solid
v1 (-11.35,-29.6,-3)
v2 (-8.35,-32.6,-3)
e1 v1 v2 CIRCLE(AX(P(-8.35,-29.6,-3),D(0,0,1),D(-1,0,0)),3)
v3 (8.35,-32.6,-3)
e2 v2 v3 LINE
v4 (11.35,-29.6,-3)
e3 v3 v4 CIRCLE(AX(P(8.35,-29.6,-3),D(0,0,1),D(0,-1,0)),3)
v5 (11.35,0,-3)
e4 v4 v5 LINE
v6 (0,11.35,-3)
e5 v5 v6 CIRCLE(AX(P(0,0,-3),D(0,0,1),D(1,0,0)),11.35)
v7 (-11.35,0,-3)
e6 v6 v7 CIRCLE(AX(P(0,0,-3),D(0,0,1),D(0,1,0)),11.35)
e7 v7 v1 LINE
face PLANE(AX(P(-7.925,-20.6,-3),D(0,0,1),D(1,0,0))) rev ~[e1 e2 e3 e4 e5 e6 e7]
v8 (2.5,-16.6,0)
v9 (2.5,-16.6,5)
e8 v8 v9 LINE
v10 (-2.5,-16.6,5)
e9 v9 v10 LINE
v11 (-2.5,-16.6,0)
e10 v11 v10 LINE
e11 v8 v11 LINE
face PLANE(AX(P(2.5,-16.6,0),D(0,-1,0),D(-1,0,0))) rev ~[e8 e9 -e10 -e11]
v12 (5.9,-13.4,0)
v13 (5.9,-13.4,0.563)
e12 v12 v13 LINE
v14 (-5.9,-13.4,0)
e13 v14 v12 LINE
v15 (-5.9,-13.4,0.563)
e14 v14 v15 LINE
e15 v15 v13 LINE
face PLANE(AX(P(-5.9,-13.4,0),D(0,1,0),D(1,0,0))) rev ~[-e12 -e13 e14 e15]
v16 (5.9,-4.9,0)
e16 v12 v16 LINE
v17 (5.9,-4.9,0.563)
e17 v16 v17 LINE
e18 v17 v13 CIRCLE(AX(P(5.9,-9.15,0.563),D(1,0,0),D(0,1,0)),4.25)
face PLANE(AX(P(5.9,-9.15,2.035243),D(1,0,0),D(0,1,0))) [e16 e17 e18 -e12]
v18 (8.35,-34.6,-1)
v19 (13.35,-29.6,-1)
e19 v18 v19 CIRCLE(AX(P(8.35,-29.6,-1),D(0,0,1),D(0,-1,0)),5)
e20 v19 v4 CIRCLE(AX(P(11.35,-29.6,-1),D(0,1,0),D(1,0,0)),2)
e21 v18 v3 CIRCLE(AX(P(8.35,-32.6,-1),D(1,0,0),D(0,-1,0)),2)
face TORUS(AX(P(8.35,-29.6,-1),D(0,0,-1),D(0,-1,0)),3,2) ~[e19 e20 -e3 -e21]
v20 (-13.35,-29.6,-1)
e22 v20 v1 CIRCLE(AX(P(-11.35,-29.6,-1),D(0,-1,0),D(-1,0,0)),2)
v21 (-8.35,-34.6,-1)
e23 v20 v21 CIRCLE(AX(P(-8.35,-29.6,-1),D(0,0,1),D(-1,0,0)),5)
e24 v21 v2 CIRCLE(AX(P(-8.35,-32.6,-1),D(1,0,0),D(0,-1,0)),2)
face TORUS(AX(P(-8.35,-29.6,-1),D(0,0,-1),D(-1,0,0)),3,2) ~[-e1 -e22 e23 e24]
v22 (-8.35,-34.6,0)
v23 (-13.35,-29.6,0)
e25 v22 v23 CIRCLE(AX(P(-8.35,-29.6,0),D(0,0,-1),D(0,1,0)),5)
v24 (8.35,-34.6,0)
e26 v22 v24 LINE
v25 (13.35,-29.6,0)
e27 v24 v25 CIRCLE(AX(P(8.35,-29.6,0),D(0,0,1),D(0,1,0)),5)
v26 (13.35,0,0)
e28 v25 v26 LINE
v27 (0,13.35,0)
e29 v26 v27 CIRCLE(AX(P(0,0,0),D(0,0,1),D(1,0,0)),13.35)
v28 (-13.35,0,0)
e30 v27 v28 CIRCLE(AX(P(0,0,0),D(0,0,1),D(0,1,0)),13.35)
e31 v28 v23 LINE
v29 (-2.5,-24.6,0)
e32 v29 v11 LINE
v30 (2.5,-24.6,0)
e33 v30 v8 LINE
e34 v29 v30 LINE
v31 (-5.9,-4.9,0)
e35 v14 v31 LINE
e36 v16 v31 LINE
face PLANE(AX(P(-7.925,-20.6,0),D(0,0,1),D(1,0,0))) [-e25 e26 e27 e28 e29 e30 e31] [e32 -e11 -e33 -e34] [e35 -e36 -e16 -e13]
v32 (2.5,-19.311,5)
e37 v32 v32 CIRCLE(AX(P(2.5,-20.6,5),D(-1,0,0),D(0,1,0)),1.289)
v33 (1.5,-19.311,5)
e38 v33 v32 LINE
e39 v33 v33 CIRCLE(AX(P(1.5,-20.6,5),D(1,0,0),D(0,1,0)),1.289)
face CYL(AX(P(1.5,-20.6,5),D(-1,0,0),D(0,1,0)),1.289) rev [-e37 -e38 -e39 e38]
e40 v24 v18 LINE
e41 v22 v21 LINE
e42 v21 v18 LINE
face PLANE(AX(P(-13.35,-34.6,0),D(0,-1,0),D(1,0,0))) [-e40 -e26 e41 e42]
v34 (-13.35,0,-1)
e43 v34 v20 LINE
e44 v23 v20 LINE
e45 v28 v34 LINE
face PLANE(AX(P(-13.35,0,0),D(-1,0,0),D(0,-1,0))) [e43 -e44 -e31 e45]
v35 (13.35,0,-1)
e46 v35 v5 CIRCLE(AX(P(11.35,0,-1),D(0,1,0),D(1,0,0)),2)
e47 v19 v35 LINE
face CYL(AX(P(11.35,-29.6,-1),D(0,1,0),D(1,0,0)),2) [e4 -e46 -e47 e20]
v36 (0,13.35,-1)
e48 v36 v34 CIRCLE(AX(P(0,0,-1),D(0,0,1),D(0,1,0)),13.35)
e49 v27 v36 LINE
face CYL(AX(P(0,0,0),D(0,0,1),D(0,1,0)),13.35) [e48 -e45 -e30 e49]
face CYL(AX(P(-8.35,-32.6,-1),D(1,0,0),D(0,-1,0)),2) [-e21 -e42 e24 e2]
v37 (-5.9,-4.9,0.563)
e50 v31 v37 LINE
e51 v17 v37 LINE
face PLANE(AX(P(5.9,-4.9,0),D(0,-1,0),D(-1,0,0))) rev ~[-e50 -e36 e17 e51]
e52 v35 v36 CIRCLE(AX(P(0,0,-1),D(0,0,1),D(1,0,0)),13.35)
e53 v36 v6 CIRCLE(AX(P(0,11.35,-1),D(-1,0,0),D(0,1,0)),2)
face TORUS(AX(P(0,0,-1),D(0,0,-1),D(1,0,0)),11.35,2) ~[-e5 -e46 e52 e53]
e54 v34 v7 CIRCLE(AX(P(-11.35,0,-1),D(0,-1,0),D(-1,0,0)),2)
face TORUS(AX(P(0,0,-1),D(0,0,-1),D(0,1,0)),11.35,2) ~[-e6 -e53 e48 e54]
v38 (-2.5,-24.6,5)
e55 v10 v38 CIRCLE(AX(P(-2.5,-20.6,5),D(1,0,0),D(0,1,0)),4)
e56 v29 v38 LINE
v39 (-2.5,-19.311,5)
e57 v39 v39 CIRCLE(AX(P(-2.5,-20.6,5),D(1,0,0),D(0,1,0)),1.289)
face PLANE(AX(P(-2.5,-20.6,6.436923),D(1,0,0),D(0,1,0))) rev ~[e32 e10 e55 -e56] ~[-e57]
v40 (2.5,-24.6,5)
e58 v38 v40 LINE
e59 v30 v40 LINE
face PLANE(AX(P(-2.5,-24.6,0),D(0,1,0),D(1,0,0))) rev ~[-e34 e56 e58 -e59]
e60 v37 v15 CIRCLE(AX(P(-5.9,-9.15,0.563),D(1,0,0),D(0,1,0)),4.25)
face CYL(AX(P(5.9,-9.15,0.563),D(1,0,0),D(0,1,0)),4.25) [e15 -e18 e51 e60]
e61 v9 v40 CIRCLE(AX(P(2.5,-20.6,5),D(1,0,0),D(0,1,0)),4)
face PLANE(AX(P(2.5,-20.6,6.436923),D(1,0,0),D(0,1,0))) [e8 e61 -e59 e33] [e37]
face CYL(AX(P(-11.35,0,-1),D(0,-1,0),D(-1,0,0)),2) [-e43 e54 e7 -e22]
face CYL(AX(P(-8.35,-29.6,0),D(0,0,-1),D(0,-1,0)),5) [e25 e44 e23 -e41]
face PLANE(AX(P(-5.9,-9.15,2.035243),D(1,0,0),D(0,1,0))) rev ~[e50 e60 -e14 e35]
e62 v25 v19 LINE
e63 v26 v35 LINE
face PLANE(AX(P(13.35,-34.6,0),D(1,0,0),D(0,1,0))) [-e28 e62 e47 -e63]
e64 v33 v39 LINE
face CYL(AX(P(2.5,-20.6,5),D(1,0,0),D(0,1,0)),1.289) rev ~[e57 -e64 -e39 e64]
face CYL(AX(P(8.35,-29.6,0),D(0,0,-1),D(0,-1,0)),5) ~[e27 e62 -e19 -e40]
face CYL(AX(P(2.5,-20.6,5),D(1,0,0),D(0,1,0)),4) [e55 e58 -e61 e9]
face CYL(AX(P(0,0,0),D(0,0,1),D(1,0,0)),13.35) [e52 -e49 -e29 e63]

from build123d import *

# Parameters (mm, degrees)
F0_W      = 10.85
F0_H      = 10
F0_W_2    = 2.5
F0_H_2    = 8
F0_W_3    = 7.45
F0_H_3    = 3.2
F0_H_4    = 8.5
F0_W_4    = 5.9
F1_DEPTH  = 3
F2_DEPTH  = 0.563
F3_DEPTH  = 5
F6_DEPTH  = 11.8
F7_DEPTH  = 5
F8_DEPTH  = 25
F9_R      = 2.056128731
F10_DEPTH = 1
F11_R     = 5
F12_R     = 5
F13_R     = 2
F14_DEPTH = 25


with BuildPart() as f1:
    # F0 (on Top) → F1 (new body)
    with BuildSketch(Plane.XY):
        Polygon((-5.9, -16.6), (-13.35, -16.6), (-13.35, -24.6), (-2.5, -24.6), (-2.5, -16.6), align=None)
        with Locations((-7.925, -29.6)):
            Rectangle(F0_W, F0_H)
        with Locations((1.25, -29.6)):
            Rectangle(F0_W_2, F0_H)
        with Locations((-1.25, -29.6)):
            Rectangle(F0_W_2, F0_H)
        with Locations((-1.25, -20.6)):
            Rectangle(F0_W_2, F0_H_2)
        with Locations((1.25, -20.6)):
            Rectangle(F0_W_2, F0_H_2)
        Polygon((13.35, -24.6), (13.35, -16.6), (5.9, -16.6), (2.5, -16.6), (2.5, -24.6), align=None)
        with Locations((7.925, -29.6)):
            Rectangle(F0_W, F0_H)
        Polygon((5.9, -13.4), (0, -13.4), (0, -16.6), (2.5, -16.6), (5.9, -16.6), align=None)
        with Locations((9.625, -15)):
            Rectangle(F0_W_3, F0_H_3)
        Polygon((0, -16.6), (0, -13.4), (-5.9, -13.4), (-5.9, -16.6), (-2.5, -16.6), align=None)
        with Locations((-9.625, -15)):
            Rectangle(F0_W_3, F0_H_3)
        with Locations((-9.625, -9.15)):
            Rectangle(F0_W_3, F0_H_4)
        with Locations((-2.95, -9.15)):
            Rectangle(F0_W_4, F0_H_4)
        with Locations((2.95, -9.15)):
            Rectangle(F0_W_4, F0_H_4)
        with Locations((9.625, -9.15)):
            Rectangle(F0_W_3, F0_H_4)
        with BuildLine():
            Line((13.35, -4.9), (13.35, 0))
            ThreePointArc((13.35, 0), (9.4398755288, 9.4398755288), (0, 13.35))
            Line((0, 13.35), (0, -4.9))
            Line((0, -4.9), (5.9, -4.9))
            Line((5.9, -4.9), (13.35, -4.9))
        make_face()
        with BuildLine():
            Line((0, -4.9), (0, 13.35))
            ThreePointArc((0, 13.35), (-9.4398755288, 9.4398755288), (-13.35, 0))
            Line((-13.35, 0), (-13.35, -4.9))
            Line((-13.35, -4.9), (-5.9, -4.9))
            Line((-5.9, -4.9), (0, -4.9))
        make_face()
    extrude(amount=-F1_DEPTH)

    # F0 (on Top) → F2 (join)
    with BuildSketch(Plane.XY):
        with Locations((-2.95, -9.15)):
            Rectangle(F0_W_4, F0_H_4)
        with Locations((2.95, -9.15)):
            Rectangle(F0_W_4, F0_H_4)
    extrude(amount=F2_DEPTH)

    # F0 (on Top) → F3 (join)
    with BuildSketch(Plane.XY):
        with Locations((1.25, -20.6)):
            Rectangle(F0_W_2, F0_H_2)
        with Locations((-1.25, -20.6)):
            Rectangle(F0_W_2, F0_H_2)
    extrude(amount=F3_DEPTH)

    # F5 (on face) → F6 (join)
    with BuildSketch(Plane.YZ.offset(5.9)):
        with BuildLine():
            Line((-13.4, 0.563), (-4.9, 0.563))
            ThreePointArc((-4.9, 0.563), (-9.15, 4.813), (-13.4, 0.563))
        make_face()
    extrude(amount=-F6_DEPTH)

    # F4 (on face) → F7 (join)
    with BuildSketch(Plane.YZ.offset(2.5)):
        with BuildLine():
            Line((-19.311, 5), (-16.6, 5))
            ThreePointArc((-16.6, 5), (-20.6, 9), (-24.6, 5))
            Line((-24.6, 5), (-21.889, 5))
            ThreePointArc((-21.889, 5), (-20.6, 6.289), (-19.311, 5))
        make_face()
    extrude(amount=-F7_DEPTH)

    # F4 (on face) → F8 (cut)
    with BuildSketch(Plane.YZ.offset(2.5)):
        with BuildLine():
            ThreePointArc((-21.889, 5), (-20.6, 3.711), (-19.311, 5))
            Line((-19.311, 5), (-21.889, 5))
        make_face()
        with BuildLine():
            Line((-21.889, 5), (-19.311, 5))
            ThreePointArc((-19.311, 5), (-20.6, 6.289), (-21.889, 5))
        make_face()
    extrude(amount=-F8_DEPTH, mode=Mode.SUBTRACT)

    # F9 (on face) → F10 (join)
    with BuildSketch(Plane.YZ.offset(2.5)):
        with Locations((-20.6, 5)):
            Circle(F9_R)
    extrude(amount=-F10_DEPTH)

    # F11
    f11_edges = [f1.edges().sort_by_distance(p)[0] for p in [
        (13.35, -34.6, -1.5),
    ]]
    fillet(f11_edges, radius=F11_R)

    # F12
    f12_edges = [f1.edges().sort_by_distance(p)[0] for p in [
        (-13.35, -34.6, -1.5),
    ]]
    fillet(f12_edges, radius=F12_R)

    # F13
    f13_edges = [f1.edges().sort_by_distance(p)[0] for p in [
        (0, -34.6, -3),
    ]]
    fillet(f13_edges, radius=F13_R)

    # F14 (cut): a face of the model
    f14_faces = [f1.faces().sort_by_distance(p)[0] for p in [
        (1.5, -20.6, 5),
    ]]
    extrude(f14_faces, amount=-F14_DEPTH, mode=Mode.SUBTRACT)


solid = f1.part
